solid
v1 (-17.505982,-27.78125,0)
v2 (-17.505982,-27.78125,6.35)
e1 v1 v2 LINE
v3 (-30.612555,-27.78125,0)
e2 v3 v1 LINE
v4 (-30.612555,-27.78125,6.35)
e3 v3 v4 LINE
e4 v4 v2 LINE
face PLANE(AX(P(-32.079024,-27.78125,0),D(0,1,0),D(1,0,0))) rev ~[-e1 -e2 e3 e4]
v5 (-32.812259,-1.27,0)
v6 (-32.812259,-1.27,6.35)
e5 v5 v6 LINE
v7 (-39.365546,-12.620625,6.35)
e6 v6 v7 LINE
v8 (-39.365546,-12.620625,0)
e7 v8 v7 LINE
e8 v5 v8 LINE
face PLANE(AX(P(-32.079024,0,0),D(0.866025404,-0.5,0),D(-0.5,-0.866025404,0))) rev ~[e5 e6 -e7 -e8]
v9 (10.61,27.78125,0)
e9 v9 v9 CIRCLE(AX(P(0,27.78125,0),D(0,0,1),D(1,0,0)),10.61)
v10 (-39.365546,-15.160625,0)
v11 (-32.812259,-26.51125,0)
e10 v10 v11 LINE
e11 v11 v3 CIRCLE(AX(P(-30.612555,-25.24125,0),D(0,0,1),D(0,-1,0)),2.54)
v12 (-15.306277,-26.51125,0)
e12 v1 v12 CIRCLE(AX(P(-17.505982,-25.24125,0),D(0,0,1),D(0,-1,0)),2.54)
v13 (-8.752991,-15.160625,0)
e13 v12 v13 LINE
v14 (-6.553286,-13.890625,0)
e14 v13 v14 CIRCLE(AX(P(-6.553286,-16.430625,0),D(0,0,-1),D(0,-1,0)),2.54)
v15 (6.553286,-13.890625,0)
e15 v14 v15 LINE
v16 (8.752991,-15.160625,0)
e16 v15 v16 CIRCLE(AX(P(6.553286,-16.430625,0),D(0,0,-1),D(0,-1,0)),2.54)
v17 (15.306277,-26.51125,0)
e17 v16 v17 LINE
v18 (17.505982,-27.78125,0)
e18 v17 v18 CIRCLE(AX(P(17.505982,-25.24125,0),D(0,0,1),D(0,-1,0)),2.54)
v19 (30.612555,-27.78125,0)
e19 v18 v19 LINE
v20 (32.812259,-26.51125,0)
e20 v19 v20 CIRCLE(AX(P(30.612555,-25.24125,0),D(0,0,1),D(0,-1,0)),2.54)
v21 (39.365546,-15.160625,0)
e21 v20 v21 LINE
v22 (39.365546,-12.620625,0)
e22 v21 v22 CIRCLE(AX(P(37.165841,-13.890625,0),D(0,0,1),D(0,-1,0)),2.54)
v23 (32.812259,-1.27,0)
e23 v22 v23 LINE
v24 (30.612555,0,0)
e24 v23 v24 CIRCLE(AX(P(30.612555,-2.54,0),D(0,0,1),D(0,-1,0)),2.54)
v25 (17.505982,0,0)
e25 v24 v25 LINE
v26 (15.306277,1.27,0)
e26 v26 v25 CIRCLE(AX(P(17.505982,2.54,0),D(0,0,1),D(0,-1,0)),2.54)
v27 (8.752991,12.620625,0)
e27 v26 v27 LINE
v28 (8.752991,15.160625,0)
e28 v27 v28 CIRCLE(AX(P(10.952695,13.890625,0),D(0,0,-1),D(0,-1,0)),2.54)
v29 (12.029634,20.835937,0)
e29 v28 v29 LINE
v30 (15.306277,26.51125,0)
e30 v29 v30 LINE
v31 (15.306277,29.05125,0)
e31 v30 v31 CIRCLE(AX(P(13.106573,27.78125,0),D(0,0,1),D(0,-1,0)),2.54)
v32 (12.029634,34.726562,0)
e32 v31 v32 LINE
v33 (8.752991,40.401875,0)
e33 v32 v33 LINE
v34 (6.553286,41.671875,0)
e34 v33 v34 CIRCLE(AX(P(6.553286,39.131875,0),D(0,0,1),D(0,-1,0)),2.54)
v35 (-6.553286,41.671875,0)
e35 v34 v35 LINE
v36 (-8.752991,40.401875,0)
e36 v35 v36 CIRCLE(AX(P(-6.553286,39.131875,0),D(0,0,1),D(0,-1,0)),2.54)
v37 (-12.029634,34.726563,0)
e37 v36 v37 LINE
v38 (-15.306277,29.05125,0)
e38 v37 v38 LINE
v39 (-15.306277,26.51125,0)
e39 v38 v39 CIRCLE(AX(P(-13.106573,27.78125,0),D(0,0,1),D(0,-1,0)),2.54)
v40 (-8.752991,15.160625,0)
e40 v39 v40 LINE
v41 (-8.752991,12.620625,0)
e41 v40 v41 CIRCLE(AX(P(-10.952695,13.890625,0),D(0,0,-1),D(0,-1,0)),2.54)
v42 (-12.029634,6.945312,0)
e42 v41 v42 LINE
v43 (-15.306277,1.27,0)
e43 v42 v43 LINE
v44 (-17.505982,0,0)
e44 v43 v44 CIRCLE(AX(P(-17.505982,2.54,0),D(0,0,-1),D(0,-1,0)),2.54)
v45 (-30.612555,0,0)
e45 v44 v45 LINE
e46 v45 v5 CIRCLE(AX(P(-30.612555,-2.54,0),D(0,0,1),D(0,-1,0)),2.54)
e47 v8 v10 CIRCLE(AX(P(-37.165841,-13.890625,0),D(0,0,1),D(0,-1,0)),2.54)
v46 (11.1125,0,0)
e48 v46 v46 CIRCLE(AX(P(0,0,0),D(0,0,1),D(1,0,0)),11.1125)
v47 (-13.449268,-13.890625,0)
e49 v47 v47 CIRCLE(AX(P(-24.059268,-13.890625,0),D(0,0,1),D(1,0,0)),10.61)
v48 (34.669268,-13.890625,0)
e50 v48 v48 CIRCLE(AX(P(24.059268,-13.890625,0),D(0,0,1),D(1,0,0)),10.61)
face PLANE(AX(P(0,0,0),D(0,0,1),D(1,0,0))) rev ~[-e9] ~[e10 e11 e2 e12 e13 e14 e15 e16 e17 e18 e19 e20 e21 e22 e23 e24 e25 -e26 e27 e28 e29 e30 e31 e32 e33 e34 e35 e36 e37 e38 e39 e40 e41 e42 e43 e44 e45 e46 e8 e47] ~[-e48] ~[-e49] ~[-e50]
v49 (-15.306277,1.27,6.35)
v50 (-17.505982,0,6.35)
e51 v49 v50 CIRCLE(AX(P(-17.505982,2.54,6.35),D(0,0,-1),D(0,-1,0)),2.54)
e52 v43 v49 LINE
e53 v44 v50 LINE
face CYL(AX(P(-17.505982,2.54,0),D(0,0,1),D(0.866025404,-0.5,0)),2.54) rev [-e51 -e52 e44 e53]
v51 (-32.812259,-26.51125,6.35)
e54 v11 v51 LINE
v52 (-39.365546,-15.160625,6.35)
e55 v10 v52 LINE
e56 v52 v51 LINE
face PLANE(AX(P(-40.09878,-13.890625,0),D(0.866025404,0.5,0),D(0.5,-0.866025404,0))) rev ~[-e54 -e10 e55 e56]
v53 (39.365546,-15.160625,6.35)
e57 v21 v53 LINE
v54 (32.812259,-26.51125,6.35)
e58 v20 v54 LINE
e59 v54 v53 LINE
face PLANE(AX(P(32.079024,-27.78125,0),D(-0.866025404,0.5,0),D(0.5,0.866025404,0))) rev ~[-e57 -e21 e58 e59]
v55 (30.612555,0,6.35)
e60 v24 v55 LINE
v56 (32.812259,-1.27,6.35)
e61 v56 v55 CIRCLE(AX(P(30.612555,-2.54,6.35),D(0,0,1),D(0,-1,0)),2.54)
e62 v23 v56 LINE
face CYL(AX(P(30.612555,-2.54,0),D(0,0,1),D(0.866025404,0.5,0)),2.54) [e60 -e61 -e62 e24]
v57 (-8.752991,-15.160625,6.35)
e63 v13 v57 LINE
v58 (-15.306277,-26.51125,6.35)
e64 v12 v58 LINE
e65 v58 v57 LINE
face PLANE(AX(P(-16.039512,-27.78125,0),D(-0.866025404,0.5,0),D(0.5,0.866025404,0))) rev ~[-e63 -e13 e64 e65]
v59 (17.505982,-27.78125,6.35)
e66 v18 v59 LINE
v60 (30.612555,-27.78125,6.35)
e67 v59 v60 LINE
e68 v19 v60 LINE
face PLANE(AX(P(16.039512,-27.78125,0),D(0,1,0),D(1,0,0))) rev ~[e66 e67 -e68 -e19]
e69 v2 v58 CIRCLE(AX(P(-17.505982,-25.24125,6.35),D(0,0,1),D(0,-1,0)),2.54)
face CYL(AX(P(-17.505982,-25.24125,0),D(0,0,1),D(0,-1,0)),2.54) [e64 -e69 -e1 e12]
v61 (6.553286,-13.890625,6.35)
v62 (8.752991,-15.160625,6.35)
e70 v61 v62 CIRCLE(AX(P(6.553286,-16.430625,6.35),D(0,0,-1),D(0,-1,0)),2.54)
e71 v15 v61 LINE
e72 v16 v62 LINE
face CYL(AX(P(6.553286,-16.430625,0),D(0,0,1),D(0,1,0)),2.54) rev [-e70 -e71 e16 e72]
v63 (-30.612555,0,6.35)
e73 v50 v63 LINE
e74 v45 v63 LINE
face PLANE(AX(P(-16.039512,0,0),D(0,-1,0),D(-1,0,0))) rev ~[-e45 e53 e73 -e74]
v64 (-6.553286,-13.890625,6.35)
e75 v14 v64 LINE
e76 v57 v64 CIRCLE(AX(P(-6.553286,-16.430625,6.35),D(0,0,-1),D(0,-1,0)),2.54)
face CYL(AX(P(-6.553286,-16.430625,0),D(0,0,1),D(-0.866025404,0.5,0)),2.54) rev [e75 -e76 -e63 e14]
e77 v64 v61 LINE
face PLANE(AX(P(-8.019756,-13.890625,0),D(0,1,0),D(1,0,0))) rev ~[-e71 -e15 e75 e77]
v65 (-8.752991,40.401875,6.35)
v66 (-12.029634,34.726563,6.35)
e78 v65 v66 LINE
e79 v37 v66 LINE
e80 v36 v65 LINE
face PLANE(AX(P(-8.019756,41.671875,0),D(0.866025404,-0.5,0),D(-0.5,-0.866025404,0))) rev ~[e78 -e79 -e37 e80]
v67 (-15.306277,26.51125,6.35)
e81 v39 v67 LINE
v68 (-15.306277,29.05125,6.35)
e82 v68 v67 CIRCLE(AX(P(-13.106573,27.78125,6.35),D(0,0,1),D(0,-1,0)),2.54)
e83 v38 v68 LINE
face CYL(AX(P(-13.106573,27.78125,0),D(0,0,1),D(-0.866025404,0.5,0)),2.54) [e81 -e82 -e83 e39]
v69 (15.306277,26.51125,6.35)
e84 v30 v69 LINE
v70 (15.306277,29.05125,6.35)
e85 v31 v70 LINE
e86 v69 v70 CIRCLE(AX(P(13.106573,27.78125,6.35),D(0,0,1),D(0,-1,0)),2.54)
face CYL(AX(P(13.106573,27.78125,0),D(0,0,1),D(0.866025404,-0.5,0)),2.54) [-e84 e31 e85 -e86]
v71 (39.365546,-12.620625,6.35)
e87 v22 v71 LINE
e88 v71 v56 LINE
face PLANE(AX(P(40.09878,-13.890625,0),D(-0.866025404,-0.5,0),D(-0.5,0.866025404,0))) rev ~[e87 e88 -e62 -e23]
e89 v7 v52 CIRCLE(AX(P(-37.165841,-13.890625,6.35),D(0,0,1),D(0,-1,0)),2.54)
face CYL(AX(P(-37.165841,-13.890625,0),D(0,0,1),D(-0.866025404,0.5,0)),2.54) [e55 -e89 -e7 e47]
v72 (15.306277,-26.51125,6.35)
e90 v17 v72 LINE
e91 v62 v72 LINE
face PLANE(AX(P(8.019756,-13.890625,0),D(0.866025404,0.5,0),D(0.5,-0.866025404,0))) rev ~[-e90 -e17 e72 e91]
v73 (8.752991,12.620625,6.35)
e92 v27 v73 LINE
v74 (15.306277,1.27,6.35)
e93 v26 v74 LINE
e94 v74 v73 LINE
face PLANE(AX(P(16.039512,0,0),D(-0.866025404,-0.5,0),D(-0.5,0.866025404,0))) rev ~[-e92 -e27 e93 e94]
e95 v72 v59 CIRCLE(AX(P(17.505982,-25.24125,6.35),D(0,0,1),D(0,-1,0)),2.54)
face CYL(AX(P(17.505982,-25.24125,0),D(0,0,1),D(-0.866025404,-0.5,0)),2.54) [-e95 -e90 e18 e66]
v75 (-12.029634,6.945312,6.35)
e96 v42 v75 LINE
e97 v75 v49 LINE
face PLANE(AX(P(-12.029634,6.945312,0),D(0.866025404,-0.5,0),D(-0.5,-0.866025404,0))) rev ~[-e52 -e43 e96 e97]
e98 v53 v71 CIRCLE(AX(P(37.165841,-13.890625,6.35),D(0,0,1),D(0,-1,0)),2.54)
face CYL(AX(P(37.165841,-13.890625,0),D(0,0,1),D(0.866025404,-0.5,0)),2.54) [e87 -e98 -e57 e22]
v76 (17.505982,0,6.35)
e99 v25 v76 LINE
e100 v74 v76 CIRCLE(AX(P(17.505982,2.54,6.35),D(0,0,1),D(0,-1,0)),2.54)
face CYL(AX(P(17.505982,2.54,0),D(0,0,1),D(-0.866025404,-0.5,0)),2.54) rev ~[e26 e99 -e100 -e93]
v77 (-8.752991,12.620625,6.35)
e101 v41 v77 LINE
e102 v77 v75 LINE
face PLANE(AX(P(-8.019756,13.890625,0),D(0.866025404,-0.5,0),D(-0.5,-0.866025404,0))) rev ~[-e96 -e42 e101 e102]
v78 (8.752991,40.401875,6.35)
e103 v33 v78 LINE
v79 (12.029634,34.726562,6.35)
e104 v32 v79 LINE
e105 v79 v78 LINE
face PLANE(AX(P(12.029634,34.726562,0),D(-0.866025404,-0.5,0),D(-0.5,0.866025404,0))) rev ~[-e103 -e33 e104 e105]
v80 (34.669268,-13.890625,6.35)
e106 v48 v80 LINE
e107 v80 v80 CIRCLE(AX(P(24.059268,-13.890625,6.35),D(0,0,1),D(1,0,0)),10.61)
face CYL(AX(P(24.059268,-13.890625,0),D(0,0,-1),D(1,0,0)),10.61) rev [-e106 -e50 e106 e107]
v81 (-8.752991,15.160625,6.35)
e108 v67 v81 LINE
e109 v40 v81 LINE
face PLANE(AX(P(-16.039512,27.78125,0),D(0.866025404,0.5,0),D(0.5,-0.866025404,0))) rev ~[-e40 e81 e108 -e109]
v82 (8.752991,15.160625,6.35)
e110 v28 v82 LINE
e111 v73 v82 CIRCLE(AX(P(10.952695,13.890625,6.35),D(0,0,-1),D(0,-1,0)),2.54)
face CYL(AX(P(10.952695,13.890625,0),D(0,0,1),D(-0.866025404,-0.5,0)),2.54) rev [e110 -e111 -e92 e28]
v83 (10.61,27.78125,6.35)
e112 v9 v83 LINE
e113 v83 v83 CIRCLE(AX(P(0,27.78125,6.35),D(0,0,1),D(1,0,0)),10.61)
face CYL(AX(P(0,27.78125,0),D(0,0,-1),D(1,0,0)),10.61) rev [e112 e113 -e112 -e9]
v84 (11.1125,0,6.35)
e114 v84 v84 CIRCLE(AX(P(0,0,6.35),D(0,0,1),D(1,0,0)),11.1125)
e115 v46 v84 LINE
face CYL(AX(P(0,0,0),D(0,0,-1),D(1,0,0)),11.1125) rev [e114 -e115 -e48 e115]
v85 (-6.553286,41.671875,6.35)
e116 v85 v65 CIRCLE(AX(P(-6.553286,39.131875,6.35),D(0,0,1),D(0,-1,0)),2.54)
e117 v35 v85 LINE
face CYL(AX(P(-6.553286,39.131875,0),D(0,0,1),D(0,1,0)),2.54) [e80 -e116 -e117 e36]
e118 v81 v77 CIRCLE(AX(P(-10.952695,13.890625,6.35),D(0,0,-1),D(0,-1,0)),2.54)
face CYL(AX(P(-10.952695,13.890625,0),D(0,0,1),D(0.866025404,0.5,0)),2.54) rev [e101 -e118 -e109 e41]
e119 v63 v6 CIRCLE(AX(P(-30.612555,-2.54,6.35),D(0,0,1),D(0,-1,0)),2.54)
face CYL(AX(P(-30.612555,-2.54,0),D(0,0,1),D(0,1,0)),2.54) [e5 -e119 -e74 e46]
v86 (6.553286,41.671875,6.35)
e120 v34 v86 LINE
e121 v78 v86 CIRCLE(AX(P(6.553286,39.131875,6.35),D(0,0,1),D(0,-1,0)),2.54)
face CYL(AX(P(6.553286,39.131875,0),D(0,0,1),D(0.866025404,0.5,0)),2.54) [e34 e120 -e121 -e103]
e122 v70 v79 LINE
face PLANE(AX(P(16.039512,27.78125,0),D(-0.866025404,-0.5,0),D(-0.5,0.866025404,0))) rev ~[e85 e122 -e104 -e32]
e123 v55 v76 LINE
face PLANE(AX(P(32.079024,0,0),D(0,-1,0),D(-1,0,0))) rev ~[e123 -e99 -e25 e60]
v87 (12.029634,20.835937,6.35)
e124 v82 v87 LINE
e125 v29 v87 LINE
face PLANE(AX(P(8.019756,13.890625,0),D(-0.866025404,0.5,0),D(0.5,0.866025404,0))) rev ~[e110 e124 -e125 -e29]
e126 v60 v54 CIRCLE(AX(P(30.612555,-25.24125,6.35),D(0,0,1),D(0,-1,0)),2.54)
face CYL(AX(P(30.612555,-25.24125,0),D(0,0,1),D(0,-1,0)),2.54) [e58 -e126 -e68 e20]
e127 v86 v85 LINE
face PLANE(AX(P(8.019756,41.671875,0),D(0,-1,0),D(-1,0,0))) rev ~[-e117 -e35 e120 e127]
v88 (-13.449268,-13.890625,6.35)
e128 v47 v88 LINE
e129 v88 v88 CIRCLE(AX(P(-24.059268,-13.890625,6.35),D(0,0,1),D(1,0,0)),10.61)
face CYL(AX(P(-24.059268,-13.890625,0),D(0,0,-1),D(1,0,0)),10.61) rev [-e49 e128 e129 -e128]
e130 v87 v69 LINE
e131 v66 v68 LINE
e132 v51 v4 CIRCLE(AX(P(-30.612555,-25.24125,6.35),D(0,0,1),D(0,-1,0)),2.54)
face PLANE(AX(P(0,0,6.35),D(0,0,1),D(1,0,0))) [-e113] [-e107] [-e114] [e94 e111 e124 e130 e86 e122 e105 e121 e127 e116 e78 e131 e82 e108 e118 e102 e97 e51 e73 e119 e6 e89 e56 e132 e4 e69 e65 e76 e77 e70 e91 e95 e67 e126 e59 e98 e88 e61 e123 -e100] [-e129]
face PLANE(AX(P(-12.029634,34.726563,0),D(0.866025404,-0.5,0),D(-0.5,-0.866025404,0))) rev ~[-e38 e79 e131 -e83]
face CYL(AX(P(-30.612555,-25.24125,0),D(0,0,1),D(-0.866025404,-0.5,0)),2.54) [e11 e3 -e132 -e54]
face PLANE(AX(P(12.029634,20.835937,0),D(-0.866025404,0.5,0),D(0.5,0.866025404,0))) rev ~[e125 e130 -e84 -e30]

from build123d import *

# Parameters (mm, degrees)
F0_R     = 11.1125
F0_R_2   = 10.61
F1_DEPTH = 6.35
F2_R     = 2.54


with BuildPart() as f1:
    # F0 (on Top) → F1 (new body)
    with BuildSketch(Plane.XY):
        with BuildLine():
            ThreePointArc((12.029634049, -6.9453126307), (13.4173134113, -3.5951583713), (13.890625, 0))
            ThreePointArc((13.890625, 0), (13.4173134613, 3.5951581844), (12.0296342424, 6.9453122957))
            ThreePointArc((12.0296342424, 6.9453122957), (6.9453126033, 12.0296340648), (2.8e-09, 13.890625))
            ThreePointArc((2.8e-09, 13.890625), (-6.9453125381, 12.0296341025), (-12.0296341698, 6.9453124214))
            ThreePointArc((-12.0296341698, 6.9453124214), (-13.890625, 1.22e-08), (-12.029634182, -6.9453124002))
            ThreePointArc((-12.029634182, -6.9453124002), (-6.9453125499, -12.0296340956), (0, -13.890625))
            ThreePointArc((0, -13.890625), (6.9453124346, -12.0296341622), (12.029634049, -6.9453126307))
        make_face()
        Circle(F0_R, mode=Mode.SUBTRACT)
        with BuildLine():
            ThreePointArc((12.0296342424, 6.9453122957), (13.4173134613, 3.5951581844), (13.890625, 0))
            ThreePointArc((13.890625, 0), (13.4173134113, -3.5951583713), (12.029634049, -6.9453126307))
            Line((12.029634049, -6.9453126307), (16.0395121659, 0))
            Line((16.0395121659, 0), (12.0296342424, 6.9453122957))
        make_face()
        with BuildLine():
            ThreePointArc((2.8e-09, 13.890625), (6.9453126033, 12.0296340648), (12.0296342424, 6.9453122957))
            Line((12.0296342424, 6.9453122957), (8.019756083, 13.890625))
            Line((8.019756083, 13.890625), (2.8e-09, 13.890625))
        make_face()
        with BuildLine():
            Line((8.019756083, -13.890625), (12.029634049, -6.9453126307))
            ThreePointArc((12.029634049, -6.9453126307), (6.9453124346, -12.0296341622), (0, -13.890625))
            Line((0, -13.890625), (8.019756083, -13.890625))
        make_face()
        Polygon((16.0395121659, 0), (12.029634049, -6.9453126307), (8.019756083, -13.890625), (16.0395121659, -27.78125), (32.0790243318, -27.78125), (40.0987804148, -13.890625), (32.0790243318, 0), align=None)
        with Locations((24.0592682489, -13.890625)):
            Circle(F0_R_2, mode=Mode.SUBTRACT)
        with BuildLine():
            ThreePointArc((-12.0296341698, 6.9453124214), (-6.9453125381, 12.0296341025), (2.8e-09, 13.890625))
            Line((2.8e-09, 13.890625), (-8.019756083, 13.890625))
            Line((-8.019756083, 13.890625), (-12.0296341698, 6.9453124214))
        make_face()
        with BuildLine():
            ThreePointArc((12.0296340896, 20.8359374397), (6.945312471, 15.7516158588), (2.8e-09, 13.890625))
            Line((2.8e-09, 13.890625), (8.019756083, 13.890625))
            Line((8.019756083, 13.890625), (12.0296340896, 20.8359374397))
        make_face()
        with BuildLine():
            Line((-8.019756083, 13.890625), (2.8e-09, 13.890625))
            ThreePointArc((2.8e-09, 13.890625), (-6.9453126113, 15.7516159398), (-12.0296342543, 20.8359377249))
            Line((-12.0296342543, 20.8359377249), (-8.019756083, 13.890625))
        make_face()
        with BuildLine():
            ThreePointArc((-12.0296342543, 20.8359377249), (-6.9453126113, 15.7516159398), (2.8e-09, 13.890625))
            ThreePointArc((2.8e-09, 13.890625), (6.945312471, 15.7516158588), (12.0296340896, 20.8359374397))
            ThreePointArc((12.0296340896, 20.8359374397), (13.4173134218, 24.186091668), (13.890625, 27.78125))
            ThreePointArc((13.890625, 27.78125), (13.4173134908, 31.3764080746), (12.0296343561, 34.7265620987))
            ThreePointArc((12.0296343561, 34.7265620987), (6.9453127227, 39.8108839959), (5.09e-08, 41.671875))
            ThreePointArc((5.09e-08, 41.671875), (-6.9453124478, 39.8108841546), (-12.0296340896, 34.7265625603))
            ThreePointArc((-12.0296340896, 34.7265625603), (-13.890625, 27.7812501647), (-12.0296342543, 20.8359377249))
        make_face()
        with Locations((0, 27.78125)):
            Circle(F0_R_2, mode=Mode.SUBTRACT)
        with BuildLine():
            Line((-8.019756083, -13.890625), (0, -13.890625))
            ThreePointArc((0, -13.890625), (-6.9453125499, -12.0296340956), (-12.029634182, -6.9453124002))
            Line((-12.029634182, -6.9453124002), (-8.019756083, -13.890625))
        make_face()
        with BuildLine():
            ThreePointArc((-12.029634182, -6.9453124002), (-13.890625, 1.22e-08), (-12.0296341698, 6.9453124214))
            Line((-12.0296341698, 6.9453124214), (-16.0395121659, 0))
            Line((-16.0395121659, 0), (-12.029634182, -6.9453124002))
        make_face()
        with BuildLine():
            Line((-16.0395121659, 27.78125), (-12.0296342543, 20.8359377249))
            ThreePointArc((-12.0296342543, 20.8359377249), (-13.890625, 27.7812501647), (-12.0296340896, 34.7265625603))
            Line((-12.0296340896, 34.7265625603), (-16.0395121659, 27.78125))
        make_face()
        with BuildLine():
            ThreePointArc((13.890625, 27.78125), (13.4173134218, 24.186091668), (12.0296340896, 20.8359374397))
            Line((12.0296340896, 20.8359374397), (16.0395121659, 27.78125))
            Line((16.0395121659, 27.78125), (12.0296343561, 34.7265620987))
            ThreePointArc((12.0296343561, 34.7265620987), (13.4173134908, 31.3764080746), (13.890625, 27.78125))
        make_face()
        Polygon((-8.019756083, -13.890625), (-12.029634182, -6.9453124002), (-16.0395121659, 0), (-32.0790243318, 0), (-40.0987804148, -13.890625), (-32.0790243318, -27.78125), (-16.0395121659, -27.78125), align=None)
        with Locations((-24.0592682489, -13.890625)):
            Circle(F0_R_2, mode=Mode.SUBTRACT)
        with BuildLine():
            Line((-8.019756083, 41.671875), (-12.0296340896, 34.7265625603))
            ThreePointArc((-12.0296340896, 34.7265625603), (-6.9453124478, 39.8108841546), (5.09e-08, 41.671875))
            Line((5.09e-08, 41.671875), (-8.019756083, 41.671875))
        make_face()
        with BuildLine():
            Line((8.019756083, 41.671875), (5.09e-08, 41.671875))
            ThreePointArc((5.09e-08, 41.671875), (6.9453127227, 39.8108839959), (12.0296343561, 34.7265620987))
            Line((12.0296343561, 34.7265620987), (8.019756083, 41.671875))
        make_face()
    extrude(amount=F1_DEPTH)

    # F2
    f2_edges = [f1.edges().sort_by_distance(p)[0] for p in [
        (-8.019756, -13.890625, 3.175),
        (8.019756, -13.890625, 3.175),
        (16.039512, -27.78125, 3.175),
        (32.079024, -27.78125, 3.175),
        (40.09878, -13.890625, 3.175),
        (-16.039512, -27.78125, 3.175),
        (-32.079024, -27.78125, 3.175),
        (-40.09878, -13.890625, 3.175),
        (32.079024, 0, 3.175),
        (16.039512, 0, 3.175),
        (16.039512, 27.78125, 3.175),
        (8.019756, 41.671875, 3.175),
        (-8.019756, 41.671875, 3.175),
        (8.019756, 13.890625, 3.175),
        (-16.039512, 27.78125, 3.175),
        (-8.019756, 13.890625, 3.175),
        (-16.039512, 0, 3.175),
        (-32.079024, 0, 3.175),
    ]]
    fillet(f2_edges, radius=F2_R)


solid = f1.part
